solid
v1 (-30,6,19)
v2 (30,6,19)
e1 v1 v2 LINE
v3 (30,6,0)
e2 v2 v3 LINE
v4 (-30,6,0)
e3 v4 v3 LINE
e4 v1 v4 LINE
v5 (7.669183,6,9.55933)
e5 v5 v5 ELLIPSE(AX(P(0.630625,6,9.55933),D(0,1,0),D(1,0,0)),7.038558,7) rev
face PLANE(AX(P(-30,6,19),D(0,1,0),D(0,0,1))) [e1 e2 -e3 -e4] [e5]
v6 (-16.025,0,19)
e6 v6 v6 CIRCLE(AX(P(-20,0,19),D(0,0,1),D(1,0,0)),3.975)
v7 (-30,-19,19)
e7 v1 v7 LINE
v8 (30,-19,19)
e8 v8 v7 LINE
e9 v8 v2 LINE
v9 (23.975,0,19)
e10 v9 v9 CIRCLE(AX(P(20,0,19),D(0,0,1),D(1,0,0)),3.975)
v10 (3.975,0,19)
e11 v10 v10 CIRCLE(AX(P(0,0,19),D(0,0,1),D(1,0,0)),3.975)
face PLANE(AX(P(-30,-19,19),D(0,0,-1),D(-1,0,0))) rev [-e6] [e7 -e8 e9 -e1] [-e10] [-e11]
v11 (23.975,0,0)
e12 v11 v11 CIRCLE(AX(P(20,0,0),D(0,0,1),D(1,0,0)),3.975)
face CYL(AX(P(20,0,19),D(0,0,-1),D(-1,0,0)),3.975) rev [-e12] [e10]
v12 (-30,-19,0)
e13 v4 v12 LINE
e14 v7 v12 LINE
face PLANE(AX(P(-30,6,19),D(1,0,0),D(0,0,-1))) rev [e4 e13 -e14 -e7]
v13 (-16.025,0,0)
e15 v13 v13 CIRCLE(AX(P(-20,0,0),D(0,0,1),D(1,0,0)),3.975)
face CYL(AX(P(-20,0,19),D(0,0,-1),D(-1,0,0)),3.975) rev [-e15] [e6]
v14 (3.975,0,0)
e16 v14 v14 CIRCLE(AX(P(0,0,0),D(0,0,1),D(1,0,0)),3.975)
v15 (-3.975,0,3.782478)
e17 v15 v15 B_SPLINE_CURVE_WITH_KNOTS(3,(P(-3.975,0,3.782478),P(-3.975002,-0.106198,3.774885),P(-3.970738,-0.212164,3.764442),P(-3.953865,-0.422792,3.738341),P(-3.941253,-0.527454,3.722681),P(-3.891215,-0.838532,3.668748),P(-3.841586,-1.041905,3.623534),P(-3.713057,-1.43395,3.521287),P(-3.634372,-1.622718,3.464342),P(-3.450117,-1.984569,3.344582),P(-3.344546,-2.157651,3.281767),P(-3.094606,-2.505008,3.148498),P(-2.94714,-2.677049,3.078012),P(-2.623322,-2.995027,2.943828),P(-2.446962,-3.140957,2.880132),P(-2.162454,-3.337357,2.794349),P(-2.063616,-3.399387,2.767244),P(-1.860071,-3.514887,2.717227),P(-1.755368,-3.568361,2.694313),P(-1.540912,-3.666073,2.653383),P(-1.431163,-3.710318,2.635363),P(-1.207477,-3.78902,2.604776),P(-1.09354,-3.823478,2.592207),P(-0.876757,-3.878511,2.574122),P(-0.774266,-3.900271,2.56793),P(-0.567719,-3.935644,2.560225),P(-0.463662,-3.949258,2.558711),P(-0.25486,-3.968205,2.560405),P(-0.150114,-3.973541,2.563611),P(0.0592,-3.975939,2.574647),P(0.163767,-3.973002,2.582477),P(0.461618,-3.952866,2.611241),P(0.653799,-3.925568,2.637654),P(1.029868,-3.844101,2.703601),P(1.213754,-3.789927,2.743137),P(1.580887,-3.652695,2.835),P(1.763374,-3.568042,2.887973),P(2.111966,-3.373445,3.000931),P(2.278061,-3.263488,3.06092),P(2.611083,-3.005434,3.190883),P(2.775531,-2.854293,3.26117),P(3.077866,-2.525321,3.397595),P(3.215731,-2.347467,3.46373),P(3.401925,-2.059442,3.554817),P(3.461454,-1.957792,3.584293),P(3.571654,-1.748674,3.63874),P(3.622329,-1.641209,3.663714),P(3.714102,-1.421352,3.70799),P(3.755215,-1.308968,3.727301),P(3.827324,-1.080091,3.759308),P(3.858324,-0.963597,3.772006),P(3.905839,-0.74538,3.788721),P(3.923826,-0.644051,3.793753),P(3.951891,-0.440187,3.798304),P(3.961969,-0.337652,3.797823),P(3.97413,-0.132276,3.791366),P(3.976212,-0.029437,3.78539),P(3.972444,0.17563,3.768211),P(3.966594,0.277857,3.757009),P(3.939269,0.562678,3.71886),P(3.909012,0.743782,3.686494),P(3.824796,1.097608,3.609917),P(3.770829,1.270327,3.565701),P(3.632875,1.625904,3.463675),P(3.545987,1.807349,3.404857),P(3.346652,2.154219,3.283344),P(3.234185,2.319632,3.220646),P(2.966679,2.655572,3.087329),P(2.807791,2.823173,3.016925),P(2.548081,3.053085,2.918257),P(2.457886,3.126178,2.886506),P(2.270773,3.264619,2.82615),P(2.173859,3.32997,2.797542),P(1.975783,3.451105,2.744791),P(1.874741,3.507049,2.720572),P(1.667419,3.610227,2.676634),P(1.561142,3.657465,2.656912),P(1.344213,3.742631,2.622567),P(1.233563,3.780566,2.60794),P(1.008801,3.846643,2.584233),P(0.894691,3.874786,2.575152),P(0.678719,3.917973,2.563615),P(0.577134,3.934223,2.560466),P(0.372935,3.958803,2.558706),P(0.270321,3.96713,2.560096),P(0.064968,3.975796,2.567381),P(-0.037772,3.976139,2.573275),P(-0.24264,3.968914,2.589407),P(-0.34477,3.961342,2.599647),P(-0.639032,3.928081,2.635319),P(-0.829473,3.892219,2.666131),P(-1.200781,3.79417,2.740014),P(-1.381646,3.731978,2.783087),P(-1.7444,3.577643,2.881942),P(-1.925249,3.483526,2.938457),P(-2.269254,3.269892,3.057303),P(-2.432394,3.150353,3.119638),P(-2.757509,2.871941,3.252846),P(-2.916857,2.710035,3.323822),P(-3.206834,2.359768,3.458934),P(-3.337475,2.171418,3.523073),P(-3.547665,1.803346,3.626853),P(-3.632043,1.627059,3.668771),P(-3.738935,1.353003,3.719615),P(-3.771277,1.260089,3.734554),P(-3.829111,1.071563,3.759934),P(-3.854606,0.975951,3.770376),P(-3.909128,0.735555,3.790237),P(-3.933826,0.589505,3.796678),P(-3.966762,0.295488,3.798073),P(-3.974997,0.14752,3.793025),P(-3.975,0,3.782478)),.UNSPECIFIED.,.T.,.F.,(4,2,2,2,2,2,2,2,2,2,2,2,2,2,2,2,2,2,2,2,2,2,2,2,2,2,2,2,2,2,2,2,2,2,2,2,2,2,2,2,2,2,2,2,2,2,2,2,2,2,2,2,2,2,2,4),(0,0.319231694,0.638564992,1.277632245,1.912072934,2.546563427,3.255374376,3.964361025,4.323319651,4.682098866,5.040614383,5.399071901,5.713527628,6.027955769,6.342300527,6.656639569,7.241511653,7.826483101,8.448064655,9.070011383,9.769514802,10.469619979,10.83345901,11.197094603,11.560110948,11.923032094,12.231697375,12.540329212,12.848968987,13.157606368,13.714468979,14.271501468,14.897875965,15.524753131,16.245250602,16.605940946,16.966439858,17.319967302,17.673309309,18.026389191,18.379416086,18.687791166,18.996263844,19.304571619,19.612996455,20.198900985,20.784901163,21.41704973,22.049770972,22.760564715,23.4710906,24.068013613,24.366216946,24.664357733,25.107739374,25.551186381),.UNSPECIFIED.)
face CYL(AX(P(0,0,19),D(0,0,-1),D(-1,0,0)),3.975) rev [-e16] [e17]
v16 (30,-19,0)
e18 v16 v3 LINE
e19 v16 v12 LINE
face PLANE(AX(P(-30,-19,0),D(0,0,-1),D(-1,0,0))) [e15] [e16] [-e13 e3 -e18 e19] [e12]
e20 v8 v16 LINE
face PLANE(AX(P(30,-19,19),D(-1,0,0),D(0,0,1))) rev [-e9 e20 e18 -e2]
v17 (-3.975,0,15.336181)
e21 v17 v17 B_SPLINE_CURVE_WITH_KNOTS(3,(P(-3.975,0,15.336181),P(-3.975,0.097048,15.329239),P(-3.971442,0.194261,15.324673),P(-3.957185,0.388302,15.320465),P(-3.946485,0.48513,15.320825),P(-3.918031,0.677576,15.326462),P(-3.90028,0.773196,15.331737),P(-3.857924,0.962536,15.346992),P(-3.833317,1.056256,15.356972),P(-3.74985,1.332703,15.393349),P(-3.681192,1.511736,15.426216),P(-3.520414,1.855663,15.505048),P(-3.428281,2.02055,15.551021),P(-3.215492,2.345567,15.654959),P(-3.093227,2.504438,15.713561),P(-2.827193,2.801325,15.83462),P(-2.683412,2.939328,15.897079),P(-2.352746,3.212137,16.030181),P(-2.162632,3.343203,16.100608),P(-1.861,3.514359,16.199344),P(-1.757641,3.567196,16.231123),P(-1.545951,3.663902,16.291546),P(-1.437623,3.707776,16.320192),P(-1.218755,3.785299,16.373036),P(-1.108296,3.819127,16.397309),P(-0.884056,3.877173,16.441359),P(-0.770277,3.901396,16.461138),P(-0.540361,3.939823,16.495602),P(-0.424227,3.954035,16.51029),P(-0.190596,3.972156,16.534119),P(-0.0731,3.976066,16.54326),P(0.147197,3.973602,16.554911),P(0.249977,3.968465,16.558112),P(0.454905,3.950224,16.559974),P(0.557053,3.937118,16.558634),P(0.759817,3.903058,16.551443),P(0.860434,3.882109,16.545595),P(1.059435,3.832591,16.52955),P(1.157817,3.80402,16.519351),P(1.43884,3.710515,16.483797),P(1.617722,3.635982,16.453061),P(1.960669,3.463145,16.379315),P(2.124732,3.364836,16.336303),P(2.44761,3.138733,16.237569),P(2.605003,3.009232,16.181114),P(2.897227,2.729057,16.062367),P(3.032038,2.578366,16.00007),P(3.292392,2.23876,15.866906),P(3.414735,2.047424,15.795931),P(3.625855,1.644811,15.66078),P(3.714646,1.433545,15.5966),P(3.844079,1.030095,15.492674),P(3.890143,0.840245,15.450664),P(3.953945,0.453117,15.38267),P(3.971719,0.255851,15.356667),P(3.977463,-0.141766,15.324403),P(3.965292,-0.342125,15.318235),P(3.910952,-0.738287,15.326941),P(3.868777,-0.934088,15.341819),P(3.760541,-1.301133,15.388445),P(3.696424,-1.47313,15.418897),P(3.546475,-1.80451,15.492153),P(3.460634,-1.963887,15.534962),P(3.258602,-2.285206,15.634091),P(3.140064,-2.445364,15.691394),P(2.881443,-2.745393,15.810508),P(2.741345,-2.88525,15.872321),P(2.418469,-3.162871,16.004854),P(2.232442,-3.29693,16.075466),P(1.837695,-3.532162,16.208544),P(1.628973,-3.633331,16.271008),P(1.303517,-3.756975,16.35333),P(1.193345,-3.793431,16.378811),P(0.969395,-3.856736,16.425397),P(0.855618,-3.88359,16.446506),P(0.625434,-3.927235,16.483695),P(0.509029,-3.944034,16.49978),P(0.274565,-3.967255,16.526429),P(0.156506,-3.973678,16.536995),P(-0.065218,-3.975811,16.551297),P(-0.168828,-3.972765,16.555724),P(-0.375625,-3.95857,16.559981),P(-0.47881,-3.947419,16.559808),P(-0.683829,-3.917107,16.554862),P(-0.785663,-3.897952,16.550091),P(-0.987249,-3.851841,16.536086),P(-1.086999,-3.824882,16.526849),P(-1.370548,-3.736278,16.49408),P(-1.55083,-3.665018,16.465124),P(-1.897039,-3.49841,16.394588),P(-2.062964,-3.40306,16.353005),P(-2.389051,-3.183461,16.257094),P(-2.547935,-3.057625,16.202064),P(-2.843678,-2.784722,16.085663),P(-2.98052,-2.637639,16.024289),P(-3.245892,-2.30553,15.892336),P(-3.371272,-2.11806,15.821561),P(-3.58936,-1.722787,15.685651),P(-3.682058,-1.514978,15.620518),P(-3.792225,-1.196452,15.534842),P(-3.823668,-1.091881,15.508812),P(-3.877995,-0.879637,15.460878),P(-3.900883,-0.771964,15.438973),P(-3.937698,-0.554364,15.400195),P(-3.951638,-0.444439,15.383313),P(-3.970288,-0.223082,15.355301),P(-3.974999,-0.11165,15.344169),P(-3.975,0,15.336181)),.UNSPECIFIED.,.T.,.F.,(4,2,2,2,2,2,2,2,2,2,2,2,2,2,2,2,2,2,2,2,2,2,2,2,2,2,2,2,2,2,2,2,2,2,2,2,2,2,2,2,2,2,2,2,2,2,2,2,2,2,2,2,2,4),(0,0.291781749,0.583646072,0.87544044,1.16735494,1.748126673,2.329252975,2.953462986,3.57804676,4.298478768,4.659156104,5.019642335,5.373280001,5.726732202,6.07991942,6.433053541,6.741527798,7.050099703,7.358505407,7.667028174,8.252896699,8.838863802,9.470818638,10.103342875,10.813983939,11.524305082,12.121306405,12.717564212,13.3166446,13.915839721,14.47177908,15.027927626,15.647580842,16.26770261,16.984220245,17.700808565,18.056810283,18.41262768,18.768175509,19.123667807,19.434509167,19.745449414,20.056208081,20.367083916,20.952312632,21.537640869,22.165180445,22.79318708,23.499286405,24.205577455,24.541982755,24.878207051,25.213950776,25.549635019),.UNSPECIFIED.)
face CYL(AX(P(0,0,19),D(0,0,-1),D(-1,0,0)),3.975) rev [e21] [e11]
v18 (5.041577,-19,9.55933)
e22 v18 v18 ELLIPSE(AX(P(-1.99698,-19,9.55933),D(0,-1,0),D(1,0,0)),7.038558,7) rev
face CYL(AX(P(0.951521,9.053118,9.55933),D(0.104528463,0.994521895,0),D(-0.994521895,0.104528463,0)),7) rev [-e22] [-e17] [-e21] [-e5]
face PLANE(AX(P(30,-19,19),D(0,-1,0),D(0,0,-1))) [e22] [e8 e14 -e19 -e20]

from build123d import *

# Parameters (mm, degrees)
ESQUISSE1_W          = 60
ESQUISSE1_H          = 25
ESQUISSE1_R          = 3.975
BASE_EXTRUSION_DEPTH = 19
ESQUISSE2_W          = 7
ESQUISSE2_H          = 34.447811935


with BuildPart() as part:
    # Esquisse1 → Base-Extrusion (new body)
    with BuildSketch(Plane.XY):
        with Locations((0, -6.5)):
            Rectangle(ESQUISSE1_W, ESQUISSE1_H)
        with Locations((-20, 0)):
            Circle(ESQUISSE1_R, mode=Mode.SUBTRACT)
        with Locations(Location((0, 0, 0), (0, 0, 180))):
            Circle(ESQUISSE1_R, mode=Mode.SUBTRACT)
        with Locations((20, 0)):
            Circle(ESQUISSE1_R, mode=Mode.SUBTRACT)
    extrude(amount=BASE_EXTRUSION_DEPTH)

    # Esquisse2 → Enlever de la matière-Révolution2 (revolve, cut)
    with BuildSketch(Plane(origin=(0, 0, 0), x_dir=(0, 0, -1), z_dir=(0.9945218953682731, -0.10452846326765709, 0)), mode=Mode.PRIVATE) as enlever_de_la_mati_re_r_volution2_sk:
        with Locations((-6.059329615, -6.776094032)):
            Rectangle(ESQUISSE2_W, ESQUISSE2_H)
    revolve(enlever_de_la_mati_re_r_volution2_sk.sketch.rotate(Axis((0.951521061, 9.053118164, 9.559329615), (-0.10452846326765709, -0.994521895368273, 0)), 90), axis=Axis((0.951521061, 9.053118164, 9.559329615), (-0.10452846326765709, -0.994521895368273, 0)), mode=Mode.SUBTRACT)


solid = part.part
